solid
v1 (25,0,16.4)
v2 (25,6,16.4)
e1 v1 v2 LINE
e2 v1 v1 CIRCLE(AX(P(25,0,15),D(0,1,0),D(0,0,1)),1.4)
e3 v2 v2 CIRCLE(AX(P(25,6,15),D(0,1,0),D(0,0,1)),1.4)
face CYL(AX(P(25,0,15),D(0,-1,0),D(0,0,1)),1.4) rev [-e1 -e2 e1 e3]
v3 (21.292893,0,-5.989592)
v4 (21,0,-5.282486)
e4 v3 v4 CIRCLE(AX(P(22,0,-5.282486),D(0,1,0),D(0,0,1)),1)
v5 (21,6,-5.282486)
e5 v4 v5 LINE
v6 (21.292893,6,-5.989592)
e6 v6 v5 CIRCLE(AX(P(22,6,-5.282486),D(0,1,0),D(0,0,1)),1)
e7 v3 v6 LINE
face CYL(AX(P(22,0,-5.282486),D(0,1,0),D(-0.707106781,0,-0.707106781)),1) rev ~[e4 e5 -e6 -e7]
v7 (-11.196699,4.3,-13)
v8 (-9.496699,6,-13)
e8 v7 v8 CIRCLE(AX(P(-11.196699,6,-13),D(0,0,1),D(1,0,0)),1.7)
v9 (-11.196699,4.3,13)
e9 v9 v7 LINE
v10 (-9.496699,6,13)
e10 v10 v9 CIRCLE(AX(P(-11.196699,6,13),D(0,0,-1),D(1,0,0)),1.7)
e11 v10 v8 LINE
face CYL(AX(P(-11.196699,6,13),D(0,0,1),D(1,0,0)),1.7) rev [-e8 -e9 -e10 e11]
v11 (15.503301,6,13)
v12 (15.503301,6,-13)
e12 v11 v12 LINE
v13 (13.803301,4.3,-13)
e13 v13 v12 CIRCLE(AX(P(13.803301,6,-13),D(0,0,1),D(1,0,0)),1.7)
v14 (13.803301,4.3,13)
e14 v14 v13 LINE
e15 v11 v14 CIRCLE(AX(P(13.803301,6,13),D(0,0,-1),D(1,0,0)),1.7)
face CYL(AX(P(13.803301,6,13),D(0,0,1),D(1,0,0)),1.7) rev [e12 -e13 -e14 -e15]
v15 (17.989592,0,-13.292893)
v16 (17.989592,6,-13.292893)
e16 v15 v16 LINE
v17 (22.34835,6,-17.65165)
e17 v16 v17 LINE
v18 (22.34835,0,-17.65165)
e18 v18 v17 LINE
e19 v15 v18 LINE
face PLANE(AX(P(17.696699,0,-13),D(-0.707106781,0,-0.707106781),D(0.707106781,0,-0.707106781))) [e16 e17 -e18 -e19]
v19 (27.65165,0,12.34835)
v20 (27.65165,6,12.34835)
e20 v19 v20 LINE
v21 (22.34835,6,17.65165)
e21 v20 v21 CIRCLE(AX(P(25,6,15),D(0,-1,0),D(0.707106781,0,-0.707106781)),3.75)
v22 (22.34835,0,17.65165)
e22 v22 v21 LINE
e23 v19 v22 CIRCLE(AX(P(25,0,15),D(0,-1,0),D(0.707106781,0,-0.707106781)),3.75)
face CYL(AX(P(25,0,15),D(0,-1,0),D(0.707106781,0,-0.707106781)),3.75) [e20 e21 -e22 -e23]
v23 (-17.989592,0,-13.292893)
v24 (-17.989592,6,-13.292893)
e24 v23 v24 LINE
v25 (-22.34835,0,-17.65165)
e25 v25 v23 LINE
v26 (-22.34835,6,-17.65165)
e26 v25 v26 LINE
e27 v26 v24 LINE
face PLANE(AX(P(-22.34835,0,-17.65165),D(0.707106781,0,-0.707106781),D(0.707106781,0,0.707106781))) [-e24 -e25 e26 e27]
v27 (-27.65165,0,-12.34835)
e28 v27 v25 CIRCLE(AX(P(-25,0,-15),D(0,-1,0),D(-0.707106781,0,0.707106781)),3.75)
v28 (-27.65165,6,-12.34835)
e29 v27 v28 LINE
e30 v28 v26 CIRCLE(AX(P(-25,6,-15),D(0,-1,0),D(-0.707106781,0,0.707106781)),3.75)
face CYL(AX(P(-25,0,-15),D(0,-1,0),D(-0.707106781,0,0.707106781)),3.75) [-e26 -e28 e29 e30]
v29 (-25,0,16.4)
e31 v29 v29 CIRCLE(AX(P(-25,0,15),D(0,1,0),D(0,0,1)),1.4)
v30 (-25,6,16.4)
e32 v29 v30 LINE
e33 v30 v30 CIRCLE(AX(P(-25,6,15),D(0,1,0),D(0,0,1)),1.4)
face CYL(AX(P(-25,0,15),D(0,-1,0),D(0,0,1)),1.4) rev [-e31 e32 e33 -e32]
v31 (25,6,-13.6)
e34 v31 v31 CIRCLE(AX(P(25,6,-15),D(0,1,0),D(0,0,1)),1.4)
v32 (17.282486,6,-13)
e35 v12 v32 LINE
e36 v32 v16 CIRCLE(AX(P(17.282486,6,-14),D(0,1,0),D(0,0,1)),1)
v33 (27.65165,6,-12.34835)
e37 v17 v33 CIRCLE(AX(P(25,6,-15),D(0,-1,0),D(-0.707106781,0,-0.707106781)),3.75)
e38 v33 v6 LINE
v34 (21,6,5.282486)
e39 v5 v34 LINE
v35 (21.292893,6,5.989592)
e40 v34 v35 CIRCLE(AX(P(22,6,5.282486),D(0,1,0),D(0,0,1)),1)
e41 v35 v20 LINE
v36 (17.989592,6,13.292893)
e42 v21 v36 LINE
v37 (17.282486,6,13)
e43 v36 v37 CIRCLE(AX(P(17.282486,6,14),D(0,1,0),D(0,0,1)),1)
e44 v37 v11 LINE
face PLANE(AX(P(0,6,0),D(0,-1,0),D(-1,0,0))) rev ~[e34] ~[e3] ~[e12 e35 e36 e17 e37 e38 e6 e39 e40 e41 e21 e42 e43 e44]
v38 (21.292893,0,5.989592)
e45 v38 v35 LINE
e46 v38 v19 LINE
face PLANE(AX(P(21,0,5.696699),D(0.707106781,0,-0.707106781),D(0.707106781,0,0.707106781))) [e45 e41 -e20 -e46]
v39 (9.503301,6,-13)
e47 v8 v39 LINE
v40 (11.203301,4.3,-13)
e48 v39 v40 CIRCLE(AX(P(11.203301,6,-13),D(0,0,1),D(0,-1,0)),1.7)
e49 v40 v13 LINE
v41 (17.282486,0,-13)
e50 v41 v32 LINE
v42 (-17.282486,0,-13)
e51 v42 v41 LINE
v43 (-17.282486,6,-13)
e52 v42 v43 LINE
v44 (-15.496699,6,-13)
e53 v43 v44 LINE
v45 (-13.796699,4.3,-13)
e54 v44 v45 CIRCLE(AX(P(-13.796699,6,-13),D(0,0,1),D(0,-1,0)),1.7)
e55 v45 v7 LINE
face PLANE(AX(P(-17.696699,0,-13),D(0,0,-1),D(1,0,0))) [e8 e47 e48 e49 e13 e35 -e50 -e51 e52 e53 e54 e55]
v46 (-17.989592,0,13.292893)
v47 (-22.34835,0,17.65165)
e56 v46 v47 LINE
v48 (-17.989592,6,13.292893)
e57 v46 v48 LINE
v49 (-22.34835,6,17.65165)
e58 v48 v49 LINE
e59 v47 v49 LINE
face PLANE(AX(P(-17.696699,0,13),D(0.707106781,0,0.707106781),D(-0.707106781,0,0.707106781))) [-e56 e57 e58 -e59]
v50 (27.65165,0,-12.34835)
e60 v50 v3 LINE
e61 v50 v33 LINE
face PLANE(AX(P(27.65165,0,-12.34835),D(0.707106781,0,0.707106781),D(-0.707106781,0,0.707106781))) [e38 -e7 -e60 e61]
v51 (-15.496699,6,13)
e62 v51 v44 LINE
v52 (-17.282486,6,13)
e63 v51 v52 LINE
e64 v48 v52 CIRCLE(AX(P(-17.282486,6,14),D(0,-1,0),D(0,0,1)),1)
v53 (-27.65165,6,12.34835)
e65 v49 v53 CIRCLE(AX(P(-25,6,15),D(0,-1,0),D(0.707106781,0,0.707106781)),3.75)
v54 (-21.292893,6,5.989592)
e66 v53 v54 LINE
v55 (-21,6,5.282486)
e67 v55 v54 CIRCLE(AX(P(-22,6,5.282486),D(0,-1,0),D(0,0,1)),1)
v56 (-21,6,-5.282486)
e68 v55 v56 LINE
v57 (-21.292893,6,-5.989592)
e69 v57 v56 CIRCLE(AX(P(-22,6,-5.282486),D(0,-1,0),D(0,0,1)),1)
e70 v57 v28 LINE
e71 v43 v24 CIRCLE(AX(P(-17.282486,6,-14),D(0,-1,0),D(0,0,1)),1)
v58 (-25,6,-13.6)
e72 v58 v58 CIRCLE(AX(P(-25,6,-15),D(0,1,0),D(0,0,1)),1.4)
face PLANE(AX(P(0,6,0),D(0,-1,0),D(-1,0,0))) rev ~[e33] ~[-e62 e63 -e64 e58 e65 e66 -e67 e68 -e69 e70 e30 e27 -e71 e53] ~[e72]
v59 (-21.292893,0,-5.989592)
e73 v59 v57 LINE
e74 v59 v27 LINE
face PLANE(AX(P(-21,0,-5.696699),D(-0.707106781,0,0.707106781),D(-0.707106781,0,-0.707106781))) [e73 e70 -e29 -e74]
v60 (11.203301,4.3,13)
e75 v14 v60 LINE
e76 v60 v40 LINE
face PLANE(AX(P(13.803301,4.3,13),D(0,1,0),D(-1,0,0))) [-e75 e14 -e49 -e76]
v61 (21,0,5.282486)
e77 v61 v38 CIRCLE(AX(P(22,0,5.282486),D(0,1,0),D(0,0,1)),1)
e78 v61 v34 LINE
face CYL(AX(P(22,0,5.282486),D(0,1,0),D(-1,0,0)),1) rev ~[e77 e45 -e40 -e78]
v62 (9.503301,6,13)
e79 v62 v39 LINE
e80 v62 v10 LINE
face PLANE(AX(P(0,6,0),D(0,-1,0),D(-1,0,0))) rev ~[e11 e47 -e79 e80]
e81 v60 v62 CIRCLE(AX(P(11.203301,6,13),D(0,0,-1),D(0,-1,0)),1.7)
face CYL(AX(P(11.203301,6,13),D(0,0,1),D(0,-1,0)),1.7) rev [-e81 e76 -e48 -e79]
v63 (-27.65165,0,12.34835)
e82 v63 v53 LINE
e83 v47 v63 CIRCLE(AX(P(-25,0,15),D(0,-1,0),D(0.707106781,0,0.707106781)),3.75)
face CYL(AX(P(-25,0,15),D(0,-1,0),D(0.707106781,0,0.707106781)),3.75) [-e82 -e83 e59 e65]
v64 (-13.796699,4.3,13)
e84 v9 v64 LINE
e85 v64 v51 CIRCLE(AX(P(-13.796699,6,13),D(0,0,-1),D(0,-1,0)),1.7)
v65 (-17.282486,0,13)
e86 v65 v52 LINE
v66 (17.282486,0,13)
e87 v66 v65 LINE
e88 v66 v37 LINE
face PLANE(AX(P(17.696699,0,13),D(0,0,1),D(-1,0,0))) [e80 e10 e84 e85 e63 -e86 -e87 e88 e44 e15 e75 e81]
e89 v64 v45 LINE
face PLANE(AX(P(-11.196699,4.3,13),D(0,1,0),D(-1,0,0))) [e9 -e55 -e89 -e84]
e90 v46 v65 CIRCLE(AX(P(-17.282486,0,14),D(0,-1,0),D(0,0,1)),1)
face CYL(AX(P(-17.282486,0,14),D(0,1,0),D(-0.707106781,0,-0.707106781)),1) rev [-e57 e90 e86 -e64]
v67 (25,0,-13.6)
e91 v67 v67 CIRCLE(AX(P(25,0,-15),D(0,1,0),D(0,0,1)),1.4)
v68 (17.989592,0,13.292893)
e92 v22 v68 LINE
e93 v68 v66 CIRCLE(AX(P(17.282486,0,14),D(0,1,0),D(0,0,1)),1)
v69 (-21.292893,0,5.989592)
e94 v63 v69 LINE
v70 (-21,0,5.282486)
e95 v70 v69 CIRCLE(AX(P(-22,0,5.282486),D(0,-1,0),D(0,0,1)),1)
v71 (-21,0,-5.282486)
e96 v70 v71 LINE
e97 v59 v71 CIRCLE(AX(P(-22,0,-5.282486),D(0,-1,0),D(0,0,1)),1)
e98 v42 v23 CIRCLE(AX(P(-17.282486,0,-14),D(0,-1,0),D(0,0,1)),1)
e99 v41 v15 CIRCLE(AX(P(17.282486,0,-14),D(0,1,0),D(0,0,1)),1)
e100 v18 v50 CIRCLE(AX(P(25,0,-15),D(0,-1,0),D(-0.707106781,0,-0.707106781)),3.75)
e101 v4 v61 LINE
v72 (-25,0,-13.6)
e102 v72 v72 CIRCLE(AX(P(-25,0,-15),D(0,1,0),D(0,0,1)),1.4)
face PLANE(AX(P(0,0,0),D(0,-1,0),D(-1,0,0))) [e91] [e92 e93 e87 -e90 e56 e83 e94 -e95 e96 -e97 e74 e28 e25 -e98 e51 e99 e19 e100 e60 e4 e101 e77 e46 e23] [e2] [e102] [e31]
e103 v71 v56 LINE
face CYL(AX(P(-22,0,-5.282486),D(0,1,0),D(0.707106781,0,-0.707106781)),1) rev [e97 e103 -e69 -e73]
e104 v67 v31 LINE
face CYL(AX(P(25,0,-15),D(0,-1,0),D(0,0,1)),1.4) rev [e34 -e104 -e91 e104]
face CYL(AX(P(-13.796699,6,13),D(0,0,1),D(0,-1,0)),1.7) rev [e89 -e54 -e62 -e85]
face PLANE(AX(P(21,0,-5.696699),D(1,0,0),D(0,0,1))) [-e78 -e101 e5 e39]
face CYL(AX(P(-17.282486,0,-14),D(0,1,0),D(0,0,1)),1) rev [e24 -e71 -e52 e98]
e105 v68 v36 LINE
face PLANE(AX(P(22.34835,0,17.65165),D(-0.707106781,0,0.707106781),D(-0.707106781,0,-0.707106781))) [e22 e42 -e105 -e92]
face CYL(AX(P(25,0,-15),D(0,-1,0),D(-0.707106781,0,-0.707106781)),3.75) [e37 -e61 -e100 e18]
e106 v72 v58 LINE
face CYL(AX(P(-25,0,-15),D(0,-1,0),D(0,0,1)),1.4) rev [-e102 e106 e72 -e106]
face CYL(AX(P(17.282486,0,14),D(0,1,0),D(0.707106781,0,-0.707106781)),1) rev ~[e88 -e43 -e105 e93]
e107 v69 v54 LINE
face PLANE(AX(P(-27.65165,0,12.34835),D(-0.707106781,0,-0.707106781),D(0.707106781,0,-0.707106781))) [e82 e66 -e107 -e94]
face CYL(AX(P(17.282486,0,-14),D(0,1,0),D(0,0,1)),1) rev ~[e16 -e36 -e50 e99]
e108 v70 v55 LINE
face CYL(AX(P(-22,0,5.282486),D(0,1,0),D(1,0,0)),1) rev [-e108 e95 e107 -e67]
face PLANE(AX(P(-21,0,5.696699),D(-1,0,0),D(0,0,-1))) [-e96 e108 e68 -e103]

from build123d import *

# Parameters (mm, degrees)
SKETCH1_R                 = 1.4
BASE_DEPTH                = 6
WIRE_GROOVES_DEPTH        = 44.250722537
F_1MM_SIDE_EDGE_FILLETS_R = 1


with BuildPart() as part:
    # Sketch1 → Base (new body)
    with BuildSketch(Plane(origin=(0, 0, 0), x_dir=(1, 0, 0), z_dir=(0, 1, 0))):
        with BuildLine():
            Line((-17.696699141, 13), (17.696699141, 13))
            Line((17.696699141, 13), (22.348349571, 17.651650429))
            ThreePointArc((22.348349571, 17.651650429), (27.651650429, 17.651650429), (27.651650429, 12.348349571))
            Line((27.651650429, 12.348349571), (21, 5.696699141))
            Line((21, 5.696699141), (21, -5.696699141))
            Line((21, -5.696699141), (27.651650429, -12.348349571))
            ThreePointArc((27.651650429, -12.348349571), (27.651650429, -17.651650429), (22.348349571, -17.651650429))
            Line((22.348349571, -17.651650429), (17.696699141, -13))
            Line((17.696699141, -13), (-17.696699141, -13))
            Line((-17.696699141, -13), (-22.348349571, -17.651650429))
            ThreePointArc((-22.348349571, -17.651650429), (-27.651650429, -17.651650429), (-27.651650429, -12.348349571))
            Line((-27.651650429, -12.348349571), (-21, -5.696699141))
            Line((-21, -5.696699141), (-21, 5.696699141))
            Line((-21, 5.696699141), (-27.651650429, 12.348349571))
            ThreePointArc((-27.651650429, 12.348349571), (-27.651650429, 17.651650429), (-22.348349571, 17.651650429))
            Line((-22.348349571, 17.651650429), (-17.696699141, 13))
        make_face()
        with Locations((-25, 15)):
            Circle(SKETCH1_R, mode=Mode.SUBTRACT)
        with Locations((-25, -15)):
            Circle(SKETCH1_R, mode=Mode.SUBTRACT)
        with Locations((25, -15)):
            Circle(SKETCH1_R, mode=Mode.SUBTRACT)
        with Locations((25, 15)):
            Circle(SKETCH1_R, mode=Mode.SUBTRACT)
    extrude(amount=BASE_DEPTH)

    # Sketch2 → Wire Grooves (cut, through all)
    with BuildSketch(Plane.XY.offset(13)):
        with BuildLine():
            Line((-15.496699141, 6), (-9.496699141, 6))
            ThreePointArc((-9.496699141, 6), (-9.994617613, 4.797918472), (-11.196699141, 4.3))
            Line((-11.196699141, 4.3), (-13.796699141, 4.3))
            ThreePointArc((-13.796699141, 4.3), (-14.998780669, 4.797918472), (-15.496699141, 6))
        make_face()
        with BuildLine():
            Line((9.503300859, 6), (15.503300859, 6))
            ThreePointArc((15.503300859, 6), (15.005382387, 4.797918472), (13.803300859, 4.3))
            Line((13.803300859, 4.3), (11.203300859, 4.3))
            ThreePointArc((11.203300859, 4.3), (10.001219331, 4.797918472), (9.503300859, 6))
        make_face()
    extrude(amount=-WIRE_GROOVES_DEPTH, mode=Mode.SUBTRACT)

    # 1mm Side Edge Fillets
    f_1mm_side_edge_fillets_edges = [part.edges().sort_by_distance(p)[0] for p in [
        (-21, 3, 5.696699141),
        (-17.696699141, 3, -13),
        (17.696699141, 3, -13),
        (21, 3, -5.696699141),
        (21, 3, 5.696699141),
        (17.696699141, 3, 13),
        (-17.696699141, 3, 13),
        (-21, 3, -5.696699141),
    ]]
    fillet(f_1mm_side_edge_fillets_edges, radius=F_1MM_SIDE_EDGE_FILLETS_R)


solid = part.part
